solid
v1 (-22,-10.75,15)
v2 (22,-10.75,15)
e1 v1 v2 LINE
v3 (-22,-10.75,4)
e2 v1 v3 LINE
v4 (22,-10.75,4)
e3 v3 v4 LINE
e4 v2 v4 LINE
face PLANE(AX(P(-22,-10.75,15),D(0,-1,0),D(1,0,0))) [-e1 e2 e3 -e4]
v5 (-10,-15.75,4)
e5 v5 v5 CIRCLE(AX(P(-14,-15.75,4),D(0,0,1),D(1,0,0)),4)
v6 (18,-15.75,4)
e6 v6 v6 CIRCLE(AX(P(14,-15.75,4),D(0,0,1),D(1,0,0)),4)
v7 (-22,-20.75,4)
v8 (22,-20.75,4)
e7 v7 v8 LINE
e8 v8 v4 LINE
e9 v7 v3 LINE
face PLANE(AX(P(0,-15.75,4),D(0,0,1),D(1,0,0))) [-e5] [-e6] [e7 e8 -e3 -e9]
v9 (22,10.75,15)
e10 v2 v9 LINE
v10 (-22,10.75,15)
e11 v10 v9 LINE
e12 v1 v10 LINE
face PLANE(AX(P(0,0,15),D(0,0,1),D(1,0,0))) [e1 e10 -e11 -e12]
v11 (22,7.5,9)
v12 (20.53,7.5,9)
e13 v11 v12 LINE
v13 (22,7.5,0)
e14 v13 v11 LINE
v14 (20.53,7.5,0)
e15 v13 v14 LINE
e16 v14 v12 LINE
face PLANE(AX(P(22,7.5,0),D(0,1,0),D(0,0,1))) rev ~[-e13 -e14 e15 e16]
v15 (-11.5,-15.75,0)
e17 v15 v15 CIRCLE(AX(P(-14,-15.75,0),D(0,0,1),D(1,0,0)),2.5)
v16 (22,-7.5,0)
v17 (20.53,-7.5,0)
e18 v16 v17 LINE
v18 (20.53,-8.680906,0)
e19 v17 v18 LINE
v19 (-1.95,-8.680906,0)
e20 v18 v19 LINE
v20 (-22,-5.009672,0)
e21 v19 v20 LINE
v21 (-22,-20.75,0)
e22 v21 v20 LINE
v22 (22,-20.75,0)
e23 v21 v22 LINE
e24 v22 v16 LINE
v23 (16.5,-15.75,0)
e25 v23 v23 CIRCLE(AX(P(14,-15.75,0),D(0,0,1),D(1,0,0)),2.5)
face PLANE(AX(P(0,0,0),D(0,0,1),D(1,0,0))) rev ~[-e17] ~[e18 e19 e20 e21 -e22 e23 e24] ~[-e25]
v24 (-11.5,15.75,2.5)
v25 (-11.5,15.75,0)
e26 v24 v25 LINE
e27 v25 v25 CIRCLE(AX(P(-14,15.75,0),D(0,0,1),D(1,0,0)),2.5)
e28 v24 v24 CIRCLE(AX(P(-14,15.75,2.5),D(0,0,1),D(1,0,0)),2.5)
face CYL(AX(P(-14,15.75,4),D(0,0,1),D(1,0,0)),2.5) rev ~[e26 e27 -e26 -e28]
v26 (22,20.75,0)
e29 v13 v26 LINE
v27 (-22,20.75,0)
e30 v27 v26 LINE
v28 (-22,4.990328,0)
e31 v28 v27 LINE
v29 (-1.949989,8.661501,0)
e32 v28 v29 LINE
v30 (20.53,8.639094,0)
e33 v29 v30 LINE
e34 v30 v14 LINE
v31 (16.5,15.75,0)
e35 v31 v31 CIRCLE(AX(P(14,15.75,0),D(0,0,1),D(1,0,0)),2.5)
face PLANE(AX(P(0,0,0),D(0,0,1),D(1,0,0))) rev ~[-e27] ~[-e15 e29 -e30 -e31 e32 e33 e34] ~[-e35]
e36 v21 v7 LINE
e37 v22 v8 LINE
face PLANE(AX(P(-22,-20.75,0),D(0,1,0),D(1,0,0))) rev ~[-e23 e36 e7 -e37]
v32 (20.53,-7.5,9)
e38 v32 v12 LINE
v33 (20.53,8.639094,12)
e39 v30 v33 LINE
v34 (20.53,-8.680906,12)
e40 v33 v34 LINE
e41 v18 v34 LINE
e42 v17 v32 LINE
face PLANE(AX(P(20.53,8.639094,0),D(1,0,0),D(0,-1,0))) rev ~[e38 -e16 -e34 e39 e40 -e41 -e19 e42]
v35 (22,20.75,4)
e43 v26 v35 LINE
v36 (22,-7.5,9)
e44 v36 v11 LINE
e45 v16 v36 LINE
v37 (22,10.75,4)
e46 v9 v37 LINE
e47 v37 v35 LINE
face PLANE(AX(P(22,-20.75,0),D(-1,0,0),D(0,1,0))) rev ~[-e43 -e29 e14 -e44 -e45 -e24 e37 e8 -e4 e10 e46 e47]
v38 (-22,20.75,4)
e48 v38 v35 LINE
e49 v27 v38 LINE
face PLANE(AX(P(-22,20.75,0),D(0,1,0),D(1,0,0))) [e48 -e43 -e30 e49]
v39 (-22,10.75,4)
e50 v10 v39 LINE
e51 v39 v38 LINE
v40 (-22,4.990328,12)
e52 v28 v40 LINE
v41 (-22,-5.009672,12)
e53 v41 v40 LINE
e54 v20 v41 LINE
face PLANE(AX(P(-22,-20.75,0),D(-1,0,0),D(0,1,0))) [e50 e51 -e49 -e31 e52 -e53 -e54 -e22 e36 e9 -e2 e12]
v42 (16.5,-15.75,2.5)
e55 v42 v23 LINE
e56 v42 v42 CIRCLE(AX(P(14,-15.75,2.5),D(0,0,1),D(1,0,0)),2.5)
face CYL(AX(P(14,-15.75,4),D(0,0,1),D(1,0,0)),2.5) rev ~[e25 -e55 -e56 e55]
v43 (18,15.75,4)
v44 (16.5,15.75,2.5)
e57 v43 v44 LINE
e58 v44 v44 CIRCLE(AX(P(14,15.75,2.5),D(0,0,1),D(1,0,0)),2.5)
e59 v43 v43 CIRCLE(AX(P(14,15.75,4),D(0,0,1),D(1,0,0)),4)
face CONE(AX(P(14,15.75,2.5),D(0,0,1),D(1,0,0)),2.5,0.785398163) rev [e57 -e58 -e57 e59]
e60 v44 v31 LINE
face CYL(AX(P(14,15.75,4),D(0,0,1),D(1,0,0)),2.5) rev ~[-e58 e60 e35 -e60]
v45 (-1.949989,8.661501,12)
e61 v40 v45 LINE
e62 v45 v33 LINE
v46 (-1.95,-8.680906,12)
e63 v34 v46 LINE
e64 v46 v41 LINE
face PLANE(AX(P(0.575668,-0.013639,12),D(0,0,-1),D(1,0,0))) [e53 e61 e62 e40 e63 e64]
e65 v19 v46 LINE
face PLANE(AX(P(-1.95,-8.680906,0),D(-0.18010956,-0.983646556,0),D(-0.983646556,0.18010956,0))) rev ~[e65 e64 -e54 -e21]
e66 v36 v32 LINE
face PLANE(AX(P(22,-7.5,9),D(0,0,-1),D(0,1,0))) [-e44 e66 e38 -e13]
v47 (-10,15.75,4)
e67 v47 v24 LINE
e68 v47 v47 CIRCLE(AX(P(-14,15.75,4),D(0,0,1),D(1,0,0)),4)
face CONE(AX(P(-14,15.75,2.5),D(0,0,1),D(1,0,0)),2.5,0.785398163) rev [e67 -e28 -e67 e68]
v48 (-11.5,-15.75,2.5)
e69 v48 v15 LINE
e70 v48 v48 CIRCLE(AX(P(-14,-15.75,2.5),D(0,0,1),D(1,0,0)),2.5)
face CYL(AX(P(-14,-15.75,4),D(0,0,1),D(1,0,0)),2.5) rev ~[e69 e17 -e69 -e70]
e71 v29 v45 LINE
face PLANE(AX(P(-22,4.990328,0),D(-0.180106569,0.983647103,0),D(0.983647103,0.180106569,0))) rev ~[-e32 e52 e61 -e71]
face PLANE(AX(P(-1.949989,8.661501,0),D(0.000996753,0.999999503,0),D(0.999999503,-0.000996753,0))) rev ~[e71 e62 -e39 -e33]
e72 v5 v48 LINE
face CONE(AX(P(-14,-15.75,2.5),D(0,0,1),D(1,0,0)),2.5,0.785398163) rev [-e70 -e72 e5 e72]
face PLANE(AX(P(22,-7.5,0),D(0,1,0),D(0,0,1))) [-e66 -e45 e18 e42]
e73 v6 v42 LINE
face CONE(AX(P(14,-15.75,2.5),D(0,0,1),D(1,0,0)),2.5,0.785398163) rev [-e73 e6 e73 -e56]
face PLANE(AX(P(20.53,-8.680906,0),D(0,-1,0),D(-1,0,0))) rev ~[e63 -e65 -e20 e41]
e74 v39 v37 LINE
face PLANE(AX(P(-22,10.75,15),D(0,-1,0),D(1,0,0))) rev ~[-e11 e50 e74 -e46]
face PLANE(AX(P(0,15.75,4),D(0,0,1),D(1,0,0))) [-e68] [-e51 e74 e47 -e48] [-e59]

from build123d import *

# Parameters (mm, degrees)
SKETCH001_W     = 44
SKETCH001_H     = 41.5
PAD_DEPTH       = 15
POCKET_DEPTH    = 12
SKETCH002_W     = 15
SKETCH002_H     = 9
POCKET001_DEPTH = 5
SKETCH003_W     = 44
SKETCH003_H     = 10
POCKET002_DEPTH = 11
SKETCH004_R     = 2.5
POCKET003_DEPTH = 5
CHAMFER_SIZE    = 1.5


with BuildPart() as part:
    # Sketch001 → Pad (new body)
    with BuildSketch(Plane.XY):
        Rectangle(SKETCH001_W, SKETCH001_H)
    extrude(amount=PAD_DEPTH)

    # Sketch (on Face5 of Pad) → Pocket (cut)
    with BuildSketch(Plane(origin=(0, 0, 0), x_dir=(1, 0, 0), z_dir=(0, 0, -1))):
        Polygon((20.53, 8.680906), (-1.95, 8.680906), (-22, 5.009672), (-22, -4.990328), (-1.949989, -8.661501), (20.53, -8.639094), align=None)
    extrude(amount=-POCKET_DEPTH, mode=Mode.SUBTRACT)

    # Sketch002 (on Face3 of Pocket) → Pocket001 (cut)
    with BuildSketch(Plane.YZ.offset(22)):
        with Locations((0, 4.5)):
            Rectangle(SKETCH002_W, SKETCH002_H)
    extrude(amount=-POCKET001_DEPTH, mode=Mode.SUBTRACT)

    # Sketch003 (on Face5 of Pocket001) → Pocket002 (cut)
    with BuildSketch(Plane.XY.offset(15)):
        with Locations((0, -15.75)):
            Rectangle(SKETCH003_W, SKETCH003_H)
        with Locations((0, 15.75)):
            Rectangle(SKETCH003_W, SKETCH003_H)
    extrude(amount=-POCKET002_DEPTH, mode=Mode.SUBTRACT)

    # Sketch004 (on Face14 of Pocket002) → Pocket003 (cut)
    with BuildSketch(Plane.XY.offset(4)):
        with Locations((-14, -15.75)):
            Circle(SKETCH004_R)
        with Locations((14, -15.75)):
            Circle(SKETCH004_R)
        with Locations((-14, 15.75)):
            Circle(SKETCH004_R)
        with Locations((14, 15.75)):
            Circle(SKETCH004_R)
    extrude(amount=-POCKET003_DEPTH, mode=Mode.SUBTRACT)

    # Chamfer
    chamfer_edges = [part.edges().sort_by_distance(p)[0] for p in [
        (11.5, -15.75, 4),
        (-16.5, -15.75, 4),
        (-16.5, 15.75, 4),
        (11.5, 15.75, 4),
    ]]
    chamfer(chamfer_edges, length=CHAMFER_SIZE)


solid = part.part
